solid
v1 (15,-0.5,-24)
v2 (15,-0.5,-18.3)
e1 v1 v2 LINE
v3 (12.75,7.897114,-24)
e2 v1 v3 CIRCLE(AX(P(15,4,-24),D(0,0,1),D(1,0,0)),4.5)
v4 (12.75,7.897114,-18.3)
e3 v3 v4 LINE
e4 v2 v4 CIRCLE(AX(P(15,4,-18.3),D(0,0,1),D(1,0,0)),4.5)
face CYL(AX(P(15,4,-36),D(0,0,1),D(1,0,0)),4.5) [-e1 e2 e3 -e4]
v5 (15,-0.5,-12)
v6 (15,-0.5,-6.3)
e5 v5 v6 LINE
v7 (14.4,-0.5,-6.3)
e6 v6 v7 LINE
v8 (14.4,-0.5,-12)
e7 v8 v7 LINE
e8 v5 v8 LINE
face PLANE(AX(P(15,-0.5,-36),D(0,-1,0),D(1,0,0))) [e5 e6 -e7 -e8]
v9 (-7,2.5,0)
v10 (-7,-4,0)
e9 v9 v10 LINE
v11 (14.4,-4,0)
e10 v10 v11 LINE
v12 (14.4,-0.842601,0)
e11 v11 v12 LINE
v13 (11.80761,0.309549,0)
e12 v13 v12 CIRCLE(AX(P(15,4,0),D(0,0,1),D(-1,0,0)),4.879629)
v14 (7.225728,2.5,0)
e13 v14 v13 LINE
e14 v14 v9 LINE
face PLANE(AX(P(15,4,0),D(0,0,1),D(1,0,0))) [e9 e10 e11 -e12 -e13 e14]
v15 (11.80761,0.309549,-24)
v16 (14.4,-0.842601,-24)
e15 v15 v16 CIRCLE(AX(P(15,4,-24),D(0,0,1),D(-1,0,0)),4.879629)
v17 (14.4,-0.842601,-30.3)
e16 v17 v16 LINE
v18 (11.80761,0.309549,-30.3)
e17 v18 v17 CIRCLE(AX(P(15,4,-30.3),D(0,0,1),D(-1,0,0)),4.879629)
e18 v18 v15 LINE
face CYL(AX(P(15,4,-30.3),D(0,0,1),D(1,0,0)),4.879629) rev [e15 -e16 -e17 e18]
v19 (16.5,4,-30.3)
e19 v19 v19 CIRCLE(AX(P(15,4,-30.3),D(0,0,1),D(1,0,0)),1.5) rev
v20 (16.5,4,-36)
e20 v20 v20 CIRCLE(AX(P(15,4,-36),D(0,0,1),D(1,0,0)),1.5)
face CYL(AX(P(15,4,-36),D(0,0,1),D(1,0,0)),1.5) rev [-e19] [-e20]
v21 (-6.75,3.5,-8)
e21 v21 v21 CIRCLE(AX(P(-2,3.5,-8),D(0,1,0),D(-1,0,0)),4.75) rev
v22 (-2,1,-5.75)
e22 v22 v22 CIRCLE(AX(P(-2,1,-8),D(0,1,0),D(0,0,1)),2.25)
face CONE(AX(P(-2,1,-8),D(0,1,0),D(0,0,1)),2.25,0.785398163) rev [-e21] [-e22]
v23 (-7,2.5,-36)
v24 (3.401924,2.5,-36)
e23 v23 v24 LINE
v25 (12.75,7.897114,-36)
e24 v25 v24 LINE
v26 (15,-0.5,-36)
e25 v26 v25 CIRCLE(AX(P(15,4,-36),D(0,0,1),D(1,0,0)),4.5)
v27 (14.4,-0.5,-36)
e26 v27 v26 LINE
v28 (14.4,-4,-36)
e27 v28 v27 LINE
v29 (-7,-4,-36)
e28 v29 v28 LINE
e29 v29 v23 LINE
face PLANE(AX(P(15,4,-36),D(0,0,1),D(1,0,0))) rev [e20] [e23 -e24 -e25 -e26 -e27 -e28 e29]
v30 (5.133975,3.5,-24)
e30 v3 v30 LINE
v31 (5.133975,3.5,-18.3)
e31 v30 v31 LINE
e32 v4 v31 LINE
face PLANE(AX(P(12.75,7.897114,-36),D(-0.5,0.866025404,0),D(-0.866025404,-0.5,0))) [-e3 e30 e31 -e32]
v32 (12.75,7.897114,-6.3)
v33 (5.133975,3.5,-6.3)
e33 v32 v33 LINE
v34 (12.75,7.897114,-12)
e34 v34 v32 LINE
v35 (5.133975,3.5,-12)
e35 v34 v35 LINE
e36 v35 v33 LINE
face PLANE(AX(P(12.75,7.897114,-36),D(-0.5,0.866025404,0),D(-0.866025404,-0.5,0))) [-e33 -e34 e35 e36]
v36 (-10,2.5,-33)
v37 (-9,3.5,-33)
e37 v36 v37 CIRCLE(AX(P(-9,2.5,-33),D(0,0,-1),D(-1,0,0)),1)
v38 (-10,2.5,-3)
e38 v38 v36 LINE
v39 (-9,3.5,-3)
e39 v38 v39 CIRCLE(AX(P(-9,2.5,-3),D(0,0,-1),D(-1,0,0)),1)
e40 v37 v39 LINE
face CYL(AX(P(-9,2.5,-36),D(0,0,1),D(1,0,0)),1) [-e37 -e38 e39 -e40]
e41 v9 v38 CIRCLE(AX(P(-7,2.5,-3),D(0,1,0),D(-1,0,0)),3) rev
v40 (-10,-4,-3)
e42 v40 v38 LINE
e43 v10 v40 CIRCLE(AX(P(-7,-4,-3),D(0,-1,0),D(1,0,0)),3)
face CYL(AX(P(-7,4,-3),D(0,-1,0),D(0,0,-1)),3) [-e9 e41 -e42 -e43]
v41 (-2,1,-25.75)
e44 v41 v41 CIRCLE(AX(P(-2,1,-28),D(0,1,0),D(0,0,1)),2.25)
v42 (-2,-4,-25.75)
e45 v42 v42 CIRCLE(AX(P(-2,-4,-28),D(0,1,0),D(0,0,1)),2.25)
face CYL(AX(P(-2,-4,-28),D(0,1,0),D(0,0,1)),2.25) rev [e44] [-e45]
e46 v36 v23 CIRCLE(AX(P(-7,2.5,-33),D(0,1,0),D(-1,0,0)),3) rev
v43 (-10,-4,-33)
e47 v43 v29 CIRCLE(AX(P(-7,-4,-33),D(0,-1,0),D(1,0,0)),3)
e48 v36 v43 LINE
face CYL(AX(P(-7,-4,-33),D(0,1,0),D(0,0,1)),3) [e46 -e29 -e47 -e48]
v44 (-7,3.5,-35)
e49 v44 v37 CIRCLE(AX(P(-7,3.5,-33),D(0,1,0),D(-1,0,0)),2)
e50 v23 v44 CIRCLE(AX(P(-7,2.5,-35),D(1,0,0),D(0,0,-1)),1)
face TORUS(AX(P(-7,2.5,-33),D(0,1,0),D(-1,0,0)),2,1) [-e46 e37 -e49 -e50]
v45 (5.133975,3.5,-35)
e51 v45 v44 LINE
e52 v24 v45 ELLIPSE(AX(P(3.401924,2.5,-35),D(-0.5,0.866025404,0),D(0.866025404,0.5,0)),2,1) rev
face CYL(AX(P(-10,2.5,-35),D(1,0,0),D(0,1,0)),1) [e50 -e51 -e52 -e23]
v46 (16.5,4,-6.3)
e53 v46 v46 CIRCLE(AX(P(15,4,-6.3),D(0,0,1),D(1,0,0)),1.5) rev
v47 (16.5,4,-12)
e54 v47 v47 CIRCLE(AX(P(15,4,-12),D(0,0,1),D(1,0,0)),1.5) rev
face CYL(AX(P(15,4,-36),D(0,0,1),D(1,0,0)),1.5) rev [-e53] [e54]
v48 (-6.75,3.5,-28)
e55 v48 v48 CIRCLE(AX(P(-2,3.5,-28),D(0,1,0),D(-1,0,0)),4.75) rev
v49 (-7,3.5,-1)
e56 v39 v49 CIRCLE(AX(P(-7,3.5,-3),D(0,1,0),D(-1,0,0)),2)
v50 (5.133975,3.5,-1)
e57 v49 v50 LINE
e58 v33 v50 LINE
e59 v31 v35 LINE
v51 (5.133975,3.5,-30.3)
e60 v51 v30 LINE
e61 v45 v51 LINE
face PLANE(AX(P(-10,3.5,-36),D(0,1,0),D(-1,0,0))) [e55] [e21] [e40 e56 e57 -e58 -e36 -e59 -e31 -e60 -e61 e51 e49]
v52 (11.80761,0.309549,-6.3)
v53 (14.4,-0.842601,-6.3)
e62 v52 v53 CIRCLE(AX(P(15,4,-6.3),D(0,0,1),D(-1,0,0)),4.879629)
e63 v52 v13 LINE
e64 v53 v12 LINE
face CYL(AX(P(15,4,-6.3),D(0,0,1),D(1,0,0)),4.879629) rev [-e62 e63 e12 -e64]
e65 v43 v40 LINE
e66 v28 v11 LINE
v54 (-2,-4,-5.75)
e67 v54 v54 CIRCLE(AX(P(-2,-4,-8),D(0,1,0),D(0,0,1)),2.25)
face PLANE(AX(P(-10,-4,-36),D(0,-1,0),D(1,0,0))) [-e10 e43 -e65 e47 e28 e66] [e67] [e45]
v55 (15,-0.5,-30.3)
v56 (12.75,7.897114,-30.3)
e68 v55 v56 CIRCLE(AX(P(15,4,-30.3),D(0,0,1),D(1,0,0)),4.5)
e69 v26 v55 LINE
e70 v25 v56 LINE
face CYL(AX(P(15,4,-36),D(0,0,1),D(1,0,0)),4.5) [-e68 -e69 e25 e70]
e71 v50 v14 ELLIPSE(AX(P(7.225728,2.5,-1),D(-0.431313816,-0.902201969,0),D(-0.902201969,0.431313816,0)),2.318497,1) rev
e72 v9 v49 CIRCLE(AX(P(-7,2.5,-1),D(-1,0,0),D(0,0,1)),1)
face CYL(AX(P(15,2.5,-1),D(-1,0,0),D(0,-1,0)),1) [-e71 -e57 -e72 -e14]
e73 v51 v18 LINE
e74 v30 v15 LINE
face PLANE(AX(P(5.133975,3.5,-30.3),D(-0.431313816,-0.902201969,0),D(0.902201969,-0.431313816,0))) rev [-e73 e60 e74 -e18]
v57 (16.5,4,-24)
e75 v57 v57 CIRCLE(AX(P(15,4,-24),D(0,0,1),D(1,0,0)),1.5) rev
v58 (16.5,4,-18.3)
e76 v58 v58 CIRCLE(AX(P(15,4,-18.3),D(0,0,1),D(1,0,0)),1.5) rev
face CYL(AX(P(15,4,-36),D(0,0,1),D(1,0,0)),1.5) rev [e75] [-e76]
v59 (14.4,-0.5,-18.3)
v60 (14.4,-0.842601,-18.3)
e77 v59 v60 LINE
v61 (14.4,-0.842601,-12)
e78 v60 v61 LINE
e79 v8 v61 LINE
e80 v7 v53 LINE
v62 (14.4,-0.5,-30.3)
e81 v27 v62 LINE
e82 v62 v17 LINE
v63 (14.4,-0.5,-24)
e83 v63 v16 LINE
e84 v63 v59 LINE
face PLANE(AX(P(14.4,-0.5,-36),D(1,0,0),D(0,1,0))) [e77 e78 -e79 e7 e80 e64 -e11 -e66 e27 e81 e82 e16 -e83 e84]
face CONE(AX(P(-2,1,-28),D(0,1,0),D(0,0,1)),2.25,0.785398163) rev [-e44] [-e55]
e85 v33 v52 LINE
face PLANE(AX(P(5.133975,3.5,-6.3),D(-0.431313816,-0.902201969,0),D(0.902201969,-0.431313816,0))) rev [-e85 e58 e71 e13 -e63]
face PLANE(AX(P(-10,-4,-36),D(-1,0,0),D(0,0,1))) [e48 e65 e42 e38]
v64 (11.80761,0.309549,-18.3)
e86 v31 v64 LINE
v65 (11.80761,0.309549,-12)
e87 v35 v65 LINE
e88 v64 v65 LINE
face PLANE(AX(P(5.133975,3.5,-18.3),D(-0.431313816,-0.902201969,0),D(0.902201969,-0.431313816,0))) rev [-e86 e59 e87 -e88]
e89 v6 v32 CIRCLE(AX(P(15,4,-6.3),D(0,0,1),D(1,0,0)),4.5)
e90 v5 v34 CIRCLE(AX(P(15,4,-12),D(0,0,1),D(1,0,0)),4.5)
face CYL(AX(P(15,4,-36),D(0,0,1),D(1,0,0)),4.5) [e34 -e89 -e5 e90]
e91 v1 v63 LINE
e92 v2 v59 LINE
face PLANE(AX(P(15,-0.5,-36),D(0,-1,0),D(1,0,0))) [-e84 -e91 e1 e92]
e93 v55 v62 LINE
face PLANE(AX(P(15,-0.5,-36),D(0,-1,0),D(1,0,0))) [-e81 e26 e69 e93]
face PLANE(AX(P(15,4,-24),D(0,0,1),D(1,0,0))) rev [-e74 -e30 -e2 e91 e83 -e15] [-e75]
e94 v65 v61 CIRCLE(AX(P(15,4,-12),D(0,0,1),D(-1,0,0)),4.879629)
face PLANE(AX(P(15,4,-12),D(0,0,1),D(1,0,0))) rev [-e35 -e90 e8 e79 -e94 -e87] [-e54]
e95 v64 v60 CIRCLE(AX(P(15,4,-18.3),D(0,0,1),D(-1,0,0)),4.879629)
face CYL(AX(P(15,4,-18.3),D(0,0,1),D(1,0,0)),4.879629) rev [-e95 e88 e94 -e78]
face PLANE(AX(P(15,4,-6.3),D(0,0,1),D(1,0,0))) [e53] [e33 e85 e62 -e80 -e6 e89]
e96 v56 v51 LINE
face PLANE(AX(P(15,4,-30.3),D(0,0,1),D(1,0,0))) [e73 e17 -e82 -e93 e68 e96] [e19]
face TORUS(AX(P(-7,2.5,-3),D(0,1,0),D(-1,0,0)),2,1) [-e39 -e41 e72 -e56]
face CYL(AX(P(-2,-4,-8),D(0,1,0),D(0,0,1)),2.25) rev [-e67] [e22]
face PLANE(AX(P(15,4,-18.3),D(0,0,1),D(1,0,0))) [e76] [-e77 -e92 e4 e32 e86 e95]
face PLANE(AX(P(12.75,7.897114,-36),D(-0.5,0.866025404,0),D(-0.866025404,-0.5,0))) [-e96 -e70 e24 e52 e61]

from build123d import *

# Parameters (mm, degrees)
CROQUIS1_R              = 1.5
SALIENTE_EXTRUIR1_DEPTH = 36
CORTAR_EXTRUIR1_DEPTH   = 6.3
MATRIZL1_COUNT          = 3
MATRIZL1_PITCH          = 12
CROQUIS3_R              = 2.25
CORTAR_EXTRUIR2_DEPTH   = 42.623310777
CHAFL_N1_SIZE           = 2.5
REDONDEO1_R             = 3
REDONDEO2_R             = 1


with BuildPart() as part:
    # Croquis1 → Saliente-Extruir1 (new body)
    with BuildSketch(Plane.XY):
        with BuildLine():
            Line((12.75, 7.897114317), (5.133974596, 3.5))
            Line((5.133974596, 3.5), (-10, 3.5))
            Line((-10, 3.5), (-10, -4))
            Line((-10, -4), (14.4, -4))
            Line((14.4, -4), (14.4, -0.5))
            Line((14.4, -0.5), (15, -0.5))
            ThreePointArc((15, -0.5), (19.346666218, 5.164685703), (12.75, 7.897114317))
        make_face()
        with Locations((15, 4)):
            Circle(CROQUIS1_R, mode=Mode.SUBTRACT)
    extrude(amount=-SALIENTE_EXTRUIR1_DEPTH)

    # Croquis2 → Cortar-Extruir1 (cut)
    with BuildSketch(Plane.XY):
        with BuildLine():
            Line((14.4, -0.842600764), (15, -0.5))
            ThreePointArc((15, -0.5), (19.346666218, 5.164685703), (12.75, 7.897114317))
            Line((12.75, 7.897114317), (5.133974596, 3.5))
            Line((5.133974596, 3.5), (11.80761005, 0.309549003))
            ThreePointArc((11.80761005, 0.309549003), (13.018228657, -0.459076642), (14.4, -0.842600764))
        make_face()
    cortar_extruir1 = extrude(amount=-CORTAR_EXTRUIR1_DEPTH, mode=Mode.SUBTRACT)

    # MatrizL1: Cortar-Extruir1 ×3
    with Locations(*[(0, 0, -i * MATRIZL1_PITCH) for i in range(1, MATRIZL1_COUNT)]):
        add(cortar_extruir1, mode=Mode.SUBTRACT)

    # Croquis3 → Cortar-Extruir2 (cut, through all)
    with BuildSketch(Plane(origin=(0, 3.5, 0), x_dir=(1, 0, 0), z_dir=(0, 1, 0))):
        with Locations(Location((-2, 28, 0), (0, 0, 270))):
            Circle(CROQUIS3_R)
        with Locations(Location((-2, 8, 0), (0, 0, 270))):
            Circle(CROQUIS3_R)
    extrude(amount=-CORTAR_EXTRUIR2_DEPTH, mode=Mode.SUBTRACT)

    # Chaflán1
    chafl_n1_edges = [part.edges().sort_by_distance(p)[0] for p in [
        (-2, 3.5, -30.25),
        (-2, 3.5, -10.25),
    ]]
    chamfer(chafl_n1_edges, length=CHAFL_N1_SIZE)

    # Redondeo1
    redondeo1_edges = [part.edges().sort_by_distance(p)[0] for p in [
        (-10, -0.25, -36),
        (-10, -0.25, 0),
    ]]
    fillet(redondeo1_edges, radius=REDONDEO1_R)

    # Redondeo2
    redondeo2_edges = [part.edges().sort_by_distance(p)[0] for p in [
        (-10, 3.5, -18),
        (-9.121320344, 3.5, -0.878679656),
        (-9.121320344, 3.5, -35.121320344),
        (-0.933012702, 3.5, -36),
        (-0.933012702, 3.5, 0),
    ]]
    fillet(redondeo2_edges, radius=REDONDEO2_R)


solid = part.part
